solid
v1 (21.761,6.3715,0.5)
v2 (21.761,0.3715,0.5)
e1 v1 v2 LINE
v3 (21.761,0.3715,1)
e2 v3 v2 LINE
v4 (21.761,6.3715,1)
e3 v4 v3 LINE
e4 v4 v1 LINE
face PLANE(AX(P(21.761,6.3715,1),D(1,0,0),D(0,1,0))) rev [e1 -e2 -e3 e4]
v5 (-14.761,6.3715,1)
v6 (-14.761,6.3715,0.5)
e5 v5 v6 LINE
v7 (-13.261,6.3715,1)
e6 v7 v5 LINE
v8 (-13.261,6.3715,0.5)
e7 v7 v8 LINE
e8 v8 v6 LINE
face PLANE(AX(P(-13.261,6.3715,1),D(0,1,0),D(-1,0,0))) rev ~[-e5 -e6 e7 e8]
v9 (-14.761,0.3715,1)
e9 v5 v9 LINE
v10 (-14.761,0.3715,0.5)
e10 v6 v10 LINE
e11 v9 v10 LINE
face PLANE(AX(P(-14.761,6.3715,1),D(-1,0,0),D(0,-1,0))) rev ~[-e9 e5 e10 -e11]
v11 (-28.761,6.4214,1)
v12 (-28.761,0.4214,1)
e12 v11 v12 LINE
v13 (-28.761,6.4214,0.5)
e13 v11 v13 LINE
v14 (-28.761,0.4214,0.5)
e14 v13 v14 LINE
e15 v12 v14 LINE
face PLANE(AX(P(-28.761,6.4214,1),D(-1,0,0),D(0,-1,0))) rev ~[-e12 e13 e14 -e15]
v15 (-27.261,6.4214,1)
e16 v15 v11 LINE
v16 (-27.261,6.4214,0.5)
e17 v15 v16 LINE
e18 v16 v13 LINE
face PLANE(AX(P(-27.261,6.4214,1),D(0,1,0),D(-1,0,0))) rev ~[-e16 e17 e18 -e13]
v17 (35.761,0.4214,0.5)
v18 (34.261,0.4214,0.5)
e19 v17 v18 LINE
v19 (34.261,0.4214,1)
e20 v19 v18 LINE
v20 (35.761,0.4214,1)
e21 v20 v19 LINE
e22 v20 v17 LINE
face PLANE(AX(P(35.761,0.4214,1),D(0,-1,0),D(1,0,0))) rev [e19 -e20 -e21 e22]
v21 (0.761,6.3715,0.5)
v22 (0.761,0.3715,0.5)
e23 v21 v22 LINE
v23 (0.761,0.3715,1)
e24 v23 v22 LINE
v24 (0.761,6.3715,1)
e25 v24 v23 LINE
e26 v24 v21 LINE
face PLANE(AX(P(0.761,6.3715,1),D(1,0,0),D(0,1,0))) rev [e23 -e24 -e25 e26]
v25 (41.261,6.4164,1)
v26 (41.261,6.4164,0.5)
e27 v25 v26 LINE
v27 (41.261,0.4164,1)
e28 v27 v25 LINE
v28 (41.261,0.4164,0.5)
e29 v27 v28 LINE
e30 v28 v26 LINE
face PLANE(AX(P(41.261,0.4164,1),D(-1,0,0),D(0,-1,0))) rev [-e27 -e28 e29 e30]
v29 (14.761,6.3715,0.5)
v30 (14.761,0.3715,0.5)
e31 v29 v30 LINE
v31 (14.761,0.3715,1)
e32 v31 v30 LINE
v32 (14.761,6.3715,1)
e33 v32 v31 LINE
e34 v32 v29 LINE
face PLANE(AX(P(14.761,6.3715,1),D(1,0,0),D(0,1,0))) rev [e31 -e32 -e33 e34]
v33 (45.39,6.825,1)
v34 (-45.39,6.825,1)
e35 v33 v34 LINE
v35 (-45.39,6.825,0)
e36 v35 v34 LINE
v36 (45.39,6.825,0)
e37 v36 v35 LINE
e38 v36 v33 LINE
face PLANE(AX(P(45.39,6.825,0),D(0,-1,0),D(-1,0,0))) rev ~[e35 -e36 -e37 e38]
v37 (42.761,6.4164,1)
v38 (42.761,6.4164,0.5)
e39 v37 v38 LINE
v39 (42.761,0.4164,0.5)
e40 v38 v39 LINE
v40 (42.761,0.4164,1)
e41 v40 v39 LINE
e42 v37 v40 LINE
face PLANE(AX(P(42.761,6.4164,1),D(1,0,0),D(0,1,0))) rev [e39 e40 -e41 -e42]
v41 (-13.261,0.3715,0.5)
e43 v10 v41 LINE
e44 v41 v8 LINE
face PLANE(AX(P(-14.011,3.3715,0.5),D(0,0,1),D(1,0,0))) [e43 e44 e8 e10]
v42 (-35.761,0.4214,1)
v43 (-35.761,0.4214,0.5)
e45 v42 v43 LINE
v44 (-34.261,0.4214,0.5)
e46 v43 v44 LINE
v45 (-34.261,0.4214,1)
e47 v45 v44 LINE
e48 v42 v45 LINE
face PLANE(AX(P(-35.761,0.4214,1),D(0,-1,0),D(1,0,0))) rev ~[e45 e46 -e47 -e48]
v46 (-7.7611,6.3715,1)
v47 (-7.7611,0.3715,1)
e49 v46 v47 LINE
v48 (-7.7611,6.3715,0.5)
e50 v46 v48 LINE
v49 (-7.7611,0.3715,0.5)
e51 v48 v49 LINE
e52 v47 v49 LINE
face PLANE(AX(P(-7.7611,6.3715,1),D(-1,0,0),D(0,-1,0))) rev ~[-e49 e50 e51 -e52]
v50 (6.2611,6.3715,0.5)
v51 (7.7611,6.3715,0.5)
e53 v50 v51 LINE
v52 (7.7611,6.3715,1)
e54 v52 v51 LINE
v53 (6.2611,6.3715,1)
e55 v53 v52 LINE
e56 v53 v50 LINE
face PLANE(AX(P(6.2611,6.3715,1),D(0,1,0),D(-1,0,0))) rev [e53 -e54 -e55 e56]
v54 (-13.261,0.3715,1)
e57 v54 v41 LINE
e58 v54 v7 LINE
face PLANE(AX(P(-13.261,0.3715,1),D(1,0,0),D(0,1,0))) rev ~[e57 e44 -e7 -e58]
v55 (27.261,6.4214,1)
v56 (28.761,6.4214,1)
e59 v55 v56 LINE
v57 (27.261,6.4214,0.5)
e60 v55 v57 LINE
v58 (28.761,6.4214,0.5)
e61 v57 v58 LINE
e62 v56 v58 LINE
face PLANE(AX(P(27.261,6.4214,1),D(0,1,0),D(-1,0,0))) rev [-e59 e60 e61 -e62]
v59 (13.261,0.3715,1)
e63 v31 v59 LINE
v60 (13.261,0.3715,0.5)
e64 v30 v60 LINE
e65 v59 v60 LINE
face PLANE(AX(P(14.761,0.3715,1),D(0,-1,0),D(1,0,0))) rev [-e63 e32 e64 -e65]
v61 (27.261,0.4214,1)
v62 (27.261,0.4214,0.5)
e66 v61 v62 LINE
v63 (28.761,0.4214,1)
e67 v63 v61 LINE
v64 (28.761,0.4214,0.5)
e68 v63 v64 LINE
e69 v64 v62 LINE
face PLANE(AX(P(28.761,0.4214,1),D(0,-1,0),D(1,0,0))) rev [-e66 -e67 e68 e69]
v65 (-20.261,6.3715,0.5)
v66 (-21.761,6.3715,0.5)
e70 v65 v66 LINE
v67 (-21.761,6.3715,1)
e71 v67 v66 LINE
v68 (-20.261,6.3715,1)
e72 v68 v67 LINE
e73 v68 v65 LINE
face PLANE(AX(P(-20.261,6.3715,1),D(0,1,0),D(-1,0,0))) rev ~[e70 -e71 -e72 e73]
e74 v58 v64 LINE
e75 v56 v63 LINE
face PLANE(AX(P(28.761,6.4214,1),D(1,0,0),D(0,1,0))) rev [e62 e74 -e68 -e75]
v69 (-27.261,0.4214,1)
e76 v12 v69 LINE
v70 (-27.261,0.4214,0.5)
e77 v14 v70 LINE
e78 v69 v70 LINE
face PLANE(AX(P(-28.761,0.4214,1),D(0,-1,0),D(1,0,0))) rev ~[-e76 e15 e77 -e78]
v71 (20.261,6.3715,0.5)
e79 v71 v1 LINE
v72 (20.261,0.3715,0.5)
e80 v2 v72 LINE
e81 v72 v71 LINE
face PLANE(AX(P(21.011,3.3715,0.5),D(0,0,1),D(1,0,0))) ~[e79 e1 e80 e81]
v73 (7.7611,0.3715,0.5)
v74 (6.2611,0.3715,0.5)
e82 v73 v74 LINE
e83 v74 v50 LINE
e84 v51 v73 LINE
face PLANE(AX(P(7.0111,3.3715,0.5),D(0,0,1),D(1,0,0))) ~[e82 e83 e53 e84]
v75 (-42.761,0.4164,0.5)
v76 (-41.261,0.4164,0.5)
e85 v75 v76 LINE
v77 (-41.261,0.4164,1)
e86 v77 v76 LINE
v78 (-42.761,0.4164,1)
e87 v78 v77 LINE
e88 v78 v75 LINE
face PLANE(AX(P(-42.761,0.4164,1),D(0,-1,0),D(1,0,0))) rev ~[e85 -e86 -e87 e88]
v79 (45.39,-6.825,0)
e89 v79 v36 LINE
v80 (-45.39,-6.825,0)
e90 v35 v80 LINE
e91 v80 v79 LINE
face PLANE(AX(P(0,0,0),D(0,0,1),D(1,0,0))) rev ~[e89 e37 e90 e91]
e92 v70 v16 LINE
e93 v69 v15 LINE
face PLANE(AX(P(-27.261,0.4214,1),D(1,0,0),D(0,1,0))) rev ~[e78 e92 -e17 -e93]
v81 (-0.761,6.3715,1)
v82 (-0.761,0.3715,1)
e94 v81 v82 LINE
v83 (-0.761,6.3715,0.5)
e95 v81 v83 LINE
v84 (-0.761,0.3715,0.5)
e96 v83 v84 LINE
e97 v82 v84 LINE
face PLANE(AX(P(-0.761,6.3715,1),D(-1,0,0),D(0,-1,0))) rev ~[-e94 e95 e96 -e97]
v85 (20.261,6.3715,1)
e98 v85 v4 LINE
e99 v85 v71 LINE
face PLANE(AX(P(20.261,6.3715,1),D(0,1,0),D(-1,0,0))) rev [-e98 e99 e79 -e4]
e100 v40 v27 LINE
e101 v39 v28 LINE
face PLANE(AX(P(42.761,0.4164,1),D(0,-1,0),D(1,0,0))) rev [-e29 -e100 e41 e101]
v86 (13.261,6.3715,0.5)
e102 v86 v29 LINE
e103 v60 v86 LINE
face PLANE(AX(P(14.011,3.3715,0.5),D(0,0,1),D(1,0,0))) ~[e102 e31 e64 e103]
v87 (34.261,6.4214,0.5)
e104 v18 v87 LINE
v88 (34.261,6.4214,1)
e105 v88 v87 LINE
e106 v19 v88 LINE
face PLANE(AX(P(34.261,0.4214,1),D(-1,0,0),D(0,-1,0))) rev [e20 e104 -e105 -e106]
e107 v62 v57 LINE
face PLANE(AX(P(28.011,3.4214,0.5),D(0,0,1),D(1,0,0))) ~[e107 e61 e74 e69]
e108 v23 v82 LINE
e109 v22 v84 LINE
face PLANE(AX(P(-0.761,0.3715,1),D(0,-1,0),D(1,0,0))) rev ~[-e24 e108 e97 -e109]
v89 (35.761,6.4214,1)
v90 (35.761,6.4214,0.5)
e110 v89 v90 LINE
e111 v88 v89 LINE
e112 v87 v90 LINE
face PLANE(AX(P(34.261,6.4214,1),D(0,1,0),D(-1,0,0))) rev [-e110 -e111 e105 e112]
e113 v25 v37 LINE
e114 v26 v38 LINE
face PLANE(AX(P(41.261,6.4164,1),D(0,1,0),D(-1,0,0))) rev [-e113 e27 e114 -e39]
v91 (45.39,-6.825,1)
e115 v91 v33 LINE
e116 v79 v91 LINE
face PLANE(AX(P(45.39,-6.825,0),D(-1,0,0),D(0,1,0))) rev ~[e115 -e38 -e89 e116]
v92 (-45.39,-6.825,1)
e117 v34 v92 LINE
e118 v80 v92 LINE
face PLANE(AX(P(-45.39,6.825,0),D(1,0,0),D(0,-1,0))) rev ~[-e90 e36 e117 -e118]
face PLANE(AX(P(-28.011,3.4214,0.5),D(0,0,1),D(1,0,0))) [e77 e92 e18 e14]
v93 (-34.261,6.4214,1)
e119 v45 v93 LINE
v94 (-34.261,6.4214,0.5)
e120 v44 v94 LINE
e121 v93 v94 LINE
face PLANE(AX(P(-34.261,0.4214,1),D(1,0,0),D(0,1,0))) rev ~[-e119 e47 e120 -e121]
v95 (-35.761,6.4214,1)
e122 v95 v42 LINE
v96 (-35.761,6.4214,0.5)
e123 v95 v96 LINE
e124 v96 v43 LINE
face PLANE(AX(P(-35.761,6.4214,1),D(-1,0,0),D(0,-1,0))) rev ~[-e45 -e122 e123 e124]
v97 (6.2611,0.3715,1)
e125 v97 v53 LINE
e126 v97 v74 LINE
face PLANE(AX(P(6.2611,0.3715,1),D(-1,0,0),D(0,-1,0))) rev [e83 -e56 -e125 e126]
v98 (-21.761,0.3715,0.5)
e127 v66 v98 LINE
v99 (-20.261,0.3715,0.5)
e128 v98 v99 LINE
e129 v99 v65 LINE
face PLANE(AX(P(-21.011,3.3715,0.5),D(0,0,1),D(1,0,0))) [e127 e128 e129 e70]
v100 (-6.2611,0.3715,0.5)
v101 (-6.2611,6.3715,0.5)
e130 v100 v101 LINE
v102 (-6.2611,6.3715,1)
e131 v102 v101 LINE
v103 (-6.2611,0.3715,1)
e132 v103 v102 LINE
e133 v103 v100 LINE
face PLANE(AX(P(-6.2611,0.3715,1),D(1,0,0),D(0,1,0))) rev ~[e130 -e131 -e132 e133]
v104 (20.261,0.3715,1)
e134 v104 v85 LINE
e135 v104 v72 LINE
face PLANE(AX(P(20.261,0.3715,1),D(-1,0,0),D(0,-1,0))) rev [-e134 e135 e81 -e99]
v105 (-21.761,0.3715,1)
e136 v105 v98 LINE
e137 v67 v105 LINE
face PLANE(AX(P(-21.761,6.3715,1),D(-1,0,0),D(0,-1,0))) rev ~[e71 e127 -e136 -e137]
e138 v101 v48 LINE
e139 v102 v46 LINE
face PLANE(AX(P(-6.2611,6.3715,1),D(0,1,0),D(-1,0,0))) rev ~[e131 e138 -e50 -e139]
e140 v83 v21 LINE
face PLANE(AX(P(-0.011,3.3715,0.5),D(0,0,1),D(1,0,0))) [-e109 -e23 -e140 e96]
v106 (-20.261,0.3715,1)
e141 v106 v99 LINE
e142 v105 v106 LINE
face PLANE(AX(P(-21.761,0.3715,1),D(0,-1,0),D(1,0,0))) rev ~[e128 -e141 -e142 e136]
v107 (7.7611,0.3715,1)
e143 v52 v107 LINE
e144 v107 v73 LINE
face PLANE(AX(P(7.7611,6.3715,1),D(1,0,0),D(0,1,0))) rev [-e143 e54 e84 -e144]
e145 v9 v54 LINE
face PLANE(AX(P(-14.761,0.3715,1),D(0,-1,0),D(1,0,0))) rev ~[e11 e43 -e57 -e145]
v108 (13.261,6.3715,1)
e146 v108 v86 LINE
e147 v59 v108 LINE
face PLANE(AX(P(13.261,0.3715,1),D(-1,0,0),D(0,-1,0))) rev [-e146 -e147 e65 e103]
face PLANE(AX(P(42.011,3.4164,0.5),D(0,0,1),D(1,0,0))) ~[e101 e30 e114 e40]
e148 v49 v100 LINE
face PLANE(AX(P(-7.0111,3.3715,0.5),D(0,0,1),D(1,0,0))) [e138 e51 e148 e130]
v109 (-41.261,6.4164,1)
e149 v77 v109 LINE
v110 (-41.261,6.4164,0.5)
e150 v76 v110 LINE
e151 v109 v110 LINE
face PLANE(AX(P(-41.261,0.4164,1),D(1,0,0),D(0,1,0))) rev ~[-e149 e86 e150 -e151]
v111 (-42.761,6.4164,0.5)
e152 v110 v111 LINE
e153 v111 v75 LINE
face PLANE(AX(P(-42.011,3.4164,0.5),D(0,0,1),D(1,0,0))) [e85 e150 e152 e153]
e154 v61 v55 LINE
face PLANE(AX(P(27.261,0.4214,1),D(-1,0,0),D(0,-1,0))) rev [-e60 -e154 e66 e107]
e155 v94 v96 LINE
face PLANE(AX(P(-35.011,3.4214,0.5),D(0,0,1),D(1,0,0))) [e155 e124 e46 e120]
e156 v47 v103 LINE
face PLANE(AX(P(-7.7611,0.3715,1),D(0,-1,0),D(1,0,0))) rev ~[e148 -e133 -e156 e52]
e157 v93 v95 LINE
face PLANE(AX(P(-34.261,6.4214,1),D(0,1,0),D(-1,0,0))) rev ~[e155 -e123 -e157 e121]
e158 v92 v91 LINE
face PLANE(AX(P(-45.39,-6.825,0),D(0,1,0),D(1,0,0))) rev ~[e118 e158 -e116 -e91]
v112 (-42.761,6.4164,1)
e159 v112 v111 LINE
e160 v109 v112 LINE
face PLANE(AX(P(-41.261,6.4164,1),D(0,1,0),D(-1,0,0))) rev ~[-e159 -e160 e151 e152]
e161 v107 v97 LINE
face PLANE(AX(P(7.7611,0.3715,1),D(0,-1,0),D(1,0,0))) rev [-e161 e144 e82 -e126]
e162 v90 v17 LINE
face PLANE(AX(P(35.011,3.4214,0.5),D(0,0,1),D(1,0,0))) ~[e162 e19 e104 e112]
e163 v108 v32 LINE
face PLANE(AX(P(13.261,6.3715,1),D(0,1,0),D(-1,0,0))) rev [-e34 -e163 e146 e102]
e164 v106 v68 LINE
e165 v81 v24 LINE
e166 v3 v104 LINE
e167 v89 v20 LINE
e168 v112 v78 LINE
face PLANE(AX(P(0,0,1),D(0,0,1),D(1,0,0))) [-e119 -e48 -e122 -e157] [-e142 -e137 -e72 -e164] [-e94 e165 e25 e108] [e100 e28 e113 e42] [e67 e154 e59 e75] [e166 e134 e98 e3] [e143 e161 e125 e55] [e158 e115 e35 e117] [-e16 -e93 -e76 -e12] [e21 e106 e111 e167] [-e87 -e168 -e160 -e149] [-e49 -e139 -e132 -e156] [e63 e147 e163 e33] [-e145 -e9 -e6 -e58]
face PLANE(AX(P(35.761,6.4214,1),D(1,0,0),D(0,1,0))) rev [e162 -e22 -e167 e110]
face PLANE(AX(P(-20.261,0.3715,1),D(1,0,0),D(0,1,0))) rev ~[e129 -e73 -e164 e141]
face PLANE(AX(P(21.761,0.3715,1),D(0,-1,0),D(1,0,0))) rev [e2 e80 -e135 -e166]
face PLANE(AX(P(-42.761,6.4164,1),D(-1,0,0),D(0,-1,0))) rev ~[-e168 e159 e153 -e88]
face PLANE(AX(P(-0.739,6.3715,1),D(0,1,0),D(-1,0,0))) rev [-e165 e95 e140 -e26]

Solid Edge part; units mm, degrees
sketch "Sketch1" plane through (0, 0, 0) normal (0, 0, 1) x (1, 0, 0)
  line L0 (-45.39, -6.825) -> (45.39, -6.825)
  line L1 (45.39, -6.825) -> (45.39, 6.825)
  line L2 (45.39, 6.825) -> (-45.39, 6.825)
  line L3 (-45.39, 6.825) -> (-45.39, -6.825)
  dimension "D1" = 90.78
  dimension "D2" = 13.65
extrude "Protrusion1" add sketch "Sketch1" along normal blind 1
sketch "Sketch2" plane through (0, 0, 1) normal (0, 0, 1) x (1, 0, 0)
  line L0 (-35.761, 0.4214) -> (-34.261, 0.4214)
  line L1 (-34.261, 0.4214) -> (-34.261, 6.4214)
  line L2 (-34.261, 6.4214) -> (-35.761, 6.4214)
  line L3 (-35.761, 6.4214) -> (-35.761, 0.4214)
  line L4 (-28.761, 0.4214) -> (-27.261, 0.4214)
  line L5 (-27.261, 0.4214) -> (-27.261, 6.4214)
  line L6 (-27.261, 6.4214) -> (-28.761, 6.4214)
  line L7 (-28.761, 6.4214) -> (-28.761, 0.4214)
  line L8 (-21.761, 0.3715) -> (-20.261, 0.3715)
  line L9 (-20.261, 0.3715) -> (-20.261, 6.3715)
  line L10 (-20.261, 6.3715) -> (-21.761, 6.3715)
  line L11 (-21.761, 6.3715) -> (-21.761, 0.3715)
  line L12 (-14.761, 0.3715) -> (-13.261, 0.3715)
  line L13 (-13.261, 0.3715) -> (-13.261, 6.3715)
  line L14 (-13.261, 6.3715) -> (-14.761, 6.3715)
  line L15 (-14.761, 6.3715) -> (-14.761, 0.3715)
  line L16 (-7.7611, 0.3715) -> (-6.2611, 0.3715)
  line L17 (-6.2611, 0.3715) -> (-6.2611, 6.3715)
  line L18 (-6.2611, 6.3715) -> (-7.7611, 6.3715)
  line L19 (-7.7611, 6.3715) -> (-7.7611, 0.3715)
  line L20 (-0.761, 0.3715) -> (0.739, 0.3715)
  line L21 (0.739, 0.3715) -> (0.739, 6.3715)
  line L22 (0.739, 6.3715) -> (-0.761, 6.3715)
  line L23 (-0.761, 6.3715) -> (-0.761, 0.3715)
  line L24 (-42.761, 0.4164) -> (-41.261, 0.4164)
  line L25 (-41.261, 0.4164) -> (-41.261, 6.4164)
  line L26 (-41.261, 6.4164) -> (-42.761, 6.4164)
  line L27 (-42.761, 6.4164) -> (-42.761, 0.4164)
  dimension "D1" = 1.5
  dimension "D2" = 6
  dimension "D3" = 0.75
  dimension "D4" = 1.075
  dimension "D5" = 1.0751
  dimension "D6" = 0.75
  dimension "D7" = 1.5
  dimension "D8" = 6
  dimension "D9" = 1.5
  dimension "D10" = 6
  dimension "D11" = 1.5
  dimension "D12" = 6
  dimension "D13" = 1.5
  dimension "D14" = 6
  dimension "D15" = 1.5
  dimension "D16" = 6
  dimension "D17" = 1.5
  dimension "D18" = 6
  dimension "D19" = 0.75
  dimension "D20" = 1.08
  dimension "D21" = 1.08
  dimension "D22" = 1.08
  dimension "D23" = 1.08
  dimension "D24" = 1.08
  dimension "D25" = 1.08
  dimension "D26" = 0.75
  dimension "D27" = 0.75
  dimension "D28" = 0.75
  dimension "D29" = 0.75
  dimension "D30" = 0.75
extrude "Cutout1" cut sketch "Sketch2" against normal blind 0.5
mirror "Mirror1" about plane through (0, 0, 0) normal (1, 0, 0) of "Cutout1"
